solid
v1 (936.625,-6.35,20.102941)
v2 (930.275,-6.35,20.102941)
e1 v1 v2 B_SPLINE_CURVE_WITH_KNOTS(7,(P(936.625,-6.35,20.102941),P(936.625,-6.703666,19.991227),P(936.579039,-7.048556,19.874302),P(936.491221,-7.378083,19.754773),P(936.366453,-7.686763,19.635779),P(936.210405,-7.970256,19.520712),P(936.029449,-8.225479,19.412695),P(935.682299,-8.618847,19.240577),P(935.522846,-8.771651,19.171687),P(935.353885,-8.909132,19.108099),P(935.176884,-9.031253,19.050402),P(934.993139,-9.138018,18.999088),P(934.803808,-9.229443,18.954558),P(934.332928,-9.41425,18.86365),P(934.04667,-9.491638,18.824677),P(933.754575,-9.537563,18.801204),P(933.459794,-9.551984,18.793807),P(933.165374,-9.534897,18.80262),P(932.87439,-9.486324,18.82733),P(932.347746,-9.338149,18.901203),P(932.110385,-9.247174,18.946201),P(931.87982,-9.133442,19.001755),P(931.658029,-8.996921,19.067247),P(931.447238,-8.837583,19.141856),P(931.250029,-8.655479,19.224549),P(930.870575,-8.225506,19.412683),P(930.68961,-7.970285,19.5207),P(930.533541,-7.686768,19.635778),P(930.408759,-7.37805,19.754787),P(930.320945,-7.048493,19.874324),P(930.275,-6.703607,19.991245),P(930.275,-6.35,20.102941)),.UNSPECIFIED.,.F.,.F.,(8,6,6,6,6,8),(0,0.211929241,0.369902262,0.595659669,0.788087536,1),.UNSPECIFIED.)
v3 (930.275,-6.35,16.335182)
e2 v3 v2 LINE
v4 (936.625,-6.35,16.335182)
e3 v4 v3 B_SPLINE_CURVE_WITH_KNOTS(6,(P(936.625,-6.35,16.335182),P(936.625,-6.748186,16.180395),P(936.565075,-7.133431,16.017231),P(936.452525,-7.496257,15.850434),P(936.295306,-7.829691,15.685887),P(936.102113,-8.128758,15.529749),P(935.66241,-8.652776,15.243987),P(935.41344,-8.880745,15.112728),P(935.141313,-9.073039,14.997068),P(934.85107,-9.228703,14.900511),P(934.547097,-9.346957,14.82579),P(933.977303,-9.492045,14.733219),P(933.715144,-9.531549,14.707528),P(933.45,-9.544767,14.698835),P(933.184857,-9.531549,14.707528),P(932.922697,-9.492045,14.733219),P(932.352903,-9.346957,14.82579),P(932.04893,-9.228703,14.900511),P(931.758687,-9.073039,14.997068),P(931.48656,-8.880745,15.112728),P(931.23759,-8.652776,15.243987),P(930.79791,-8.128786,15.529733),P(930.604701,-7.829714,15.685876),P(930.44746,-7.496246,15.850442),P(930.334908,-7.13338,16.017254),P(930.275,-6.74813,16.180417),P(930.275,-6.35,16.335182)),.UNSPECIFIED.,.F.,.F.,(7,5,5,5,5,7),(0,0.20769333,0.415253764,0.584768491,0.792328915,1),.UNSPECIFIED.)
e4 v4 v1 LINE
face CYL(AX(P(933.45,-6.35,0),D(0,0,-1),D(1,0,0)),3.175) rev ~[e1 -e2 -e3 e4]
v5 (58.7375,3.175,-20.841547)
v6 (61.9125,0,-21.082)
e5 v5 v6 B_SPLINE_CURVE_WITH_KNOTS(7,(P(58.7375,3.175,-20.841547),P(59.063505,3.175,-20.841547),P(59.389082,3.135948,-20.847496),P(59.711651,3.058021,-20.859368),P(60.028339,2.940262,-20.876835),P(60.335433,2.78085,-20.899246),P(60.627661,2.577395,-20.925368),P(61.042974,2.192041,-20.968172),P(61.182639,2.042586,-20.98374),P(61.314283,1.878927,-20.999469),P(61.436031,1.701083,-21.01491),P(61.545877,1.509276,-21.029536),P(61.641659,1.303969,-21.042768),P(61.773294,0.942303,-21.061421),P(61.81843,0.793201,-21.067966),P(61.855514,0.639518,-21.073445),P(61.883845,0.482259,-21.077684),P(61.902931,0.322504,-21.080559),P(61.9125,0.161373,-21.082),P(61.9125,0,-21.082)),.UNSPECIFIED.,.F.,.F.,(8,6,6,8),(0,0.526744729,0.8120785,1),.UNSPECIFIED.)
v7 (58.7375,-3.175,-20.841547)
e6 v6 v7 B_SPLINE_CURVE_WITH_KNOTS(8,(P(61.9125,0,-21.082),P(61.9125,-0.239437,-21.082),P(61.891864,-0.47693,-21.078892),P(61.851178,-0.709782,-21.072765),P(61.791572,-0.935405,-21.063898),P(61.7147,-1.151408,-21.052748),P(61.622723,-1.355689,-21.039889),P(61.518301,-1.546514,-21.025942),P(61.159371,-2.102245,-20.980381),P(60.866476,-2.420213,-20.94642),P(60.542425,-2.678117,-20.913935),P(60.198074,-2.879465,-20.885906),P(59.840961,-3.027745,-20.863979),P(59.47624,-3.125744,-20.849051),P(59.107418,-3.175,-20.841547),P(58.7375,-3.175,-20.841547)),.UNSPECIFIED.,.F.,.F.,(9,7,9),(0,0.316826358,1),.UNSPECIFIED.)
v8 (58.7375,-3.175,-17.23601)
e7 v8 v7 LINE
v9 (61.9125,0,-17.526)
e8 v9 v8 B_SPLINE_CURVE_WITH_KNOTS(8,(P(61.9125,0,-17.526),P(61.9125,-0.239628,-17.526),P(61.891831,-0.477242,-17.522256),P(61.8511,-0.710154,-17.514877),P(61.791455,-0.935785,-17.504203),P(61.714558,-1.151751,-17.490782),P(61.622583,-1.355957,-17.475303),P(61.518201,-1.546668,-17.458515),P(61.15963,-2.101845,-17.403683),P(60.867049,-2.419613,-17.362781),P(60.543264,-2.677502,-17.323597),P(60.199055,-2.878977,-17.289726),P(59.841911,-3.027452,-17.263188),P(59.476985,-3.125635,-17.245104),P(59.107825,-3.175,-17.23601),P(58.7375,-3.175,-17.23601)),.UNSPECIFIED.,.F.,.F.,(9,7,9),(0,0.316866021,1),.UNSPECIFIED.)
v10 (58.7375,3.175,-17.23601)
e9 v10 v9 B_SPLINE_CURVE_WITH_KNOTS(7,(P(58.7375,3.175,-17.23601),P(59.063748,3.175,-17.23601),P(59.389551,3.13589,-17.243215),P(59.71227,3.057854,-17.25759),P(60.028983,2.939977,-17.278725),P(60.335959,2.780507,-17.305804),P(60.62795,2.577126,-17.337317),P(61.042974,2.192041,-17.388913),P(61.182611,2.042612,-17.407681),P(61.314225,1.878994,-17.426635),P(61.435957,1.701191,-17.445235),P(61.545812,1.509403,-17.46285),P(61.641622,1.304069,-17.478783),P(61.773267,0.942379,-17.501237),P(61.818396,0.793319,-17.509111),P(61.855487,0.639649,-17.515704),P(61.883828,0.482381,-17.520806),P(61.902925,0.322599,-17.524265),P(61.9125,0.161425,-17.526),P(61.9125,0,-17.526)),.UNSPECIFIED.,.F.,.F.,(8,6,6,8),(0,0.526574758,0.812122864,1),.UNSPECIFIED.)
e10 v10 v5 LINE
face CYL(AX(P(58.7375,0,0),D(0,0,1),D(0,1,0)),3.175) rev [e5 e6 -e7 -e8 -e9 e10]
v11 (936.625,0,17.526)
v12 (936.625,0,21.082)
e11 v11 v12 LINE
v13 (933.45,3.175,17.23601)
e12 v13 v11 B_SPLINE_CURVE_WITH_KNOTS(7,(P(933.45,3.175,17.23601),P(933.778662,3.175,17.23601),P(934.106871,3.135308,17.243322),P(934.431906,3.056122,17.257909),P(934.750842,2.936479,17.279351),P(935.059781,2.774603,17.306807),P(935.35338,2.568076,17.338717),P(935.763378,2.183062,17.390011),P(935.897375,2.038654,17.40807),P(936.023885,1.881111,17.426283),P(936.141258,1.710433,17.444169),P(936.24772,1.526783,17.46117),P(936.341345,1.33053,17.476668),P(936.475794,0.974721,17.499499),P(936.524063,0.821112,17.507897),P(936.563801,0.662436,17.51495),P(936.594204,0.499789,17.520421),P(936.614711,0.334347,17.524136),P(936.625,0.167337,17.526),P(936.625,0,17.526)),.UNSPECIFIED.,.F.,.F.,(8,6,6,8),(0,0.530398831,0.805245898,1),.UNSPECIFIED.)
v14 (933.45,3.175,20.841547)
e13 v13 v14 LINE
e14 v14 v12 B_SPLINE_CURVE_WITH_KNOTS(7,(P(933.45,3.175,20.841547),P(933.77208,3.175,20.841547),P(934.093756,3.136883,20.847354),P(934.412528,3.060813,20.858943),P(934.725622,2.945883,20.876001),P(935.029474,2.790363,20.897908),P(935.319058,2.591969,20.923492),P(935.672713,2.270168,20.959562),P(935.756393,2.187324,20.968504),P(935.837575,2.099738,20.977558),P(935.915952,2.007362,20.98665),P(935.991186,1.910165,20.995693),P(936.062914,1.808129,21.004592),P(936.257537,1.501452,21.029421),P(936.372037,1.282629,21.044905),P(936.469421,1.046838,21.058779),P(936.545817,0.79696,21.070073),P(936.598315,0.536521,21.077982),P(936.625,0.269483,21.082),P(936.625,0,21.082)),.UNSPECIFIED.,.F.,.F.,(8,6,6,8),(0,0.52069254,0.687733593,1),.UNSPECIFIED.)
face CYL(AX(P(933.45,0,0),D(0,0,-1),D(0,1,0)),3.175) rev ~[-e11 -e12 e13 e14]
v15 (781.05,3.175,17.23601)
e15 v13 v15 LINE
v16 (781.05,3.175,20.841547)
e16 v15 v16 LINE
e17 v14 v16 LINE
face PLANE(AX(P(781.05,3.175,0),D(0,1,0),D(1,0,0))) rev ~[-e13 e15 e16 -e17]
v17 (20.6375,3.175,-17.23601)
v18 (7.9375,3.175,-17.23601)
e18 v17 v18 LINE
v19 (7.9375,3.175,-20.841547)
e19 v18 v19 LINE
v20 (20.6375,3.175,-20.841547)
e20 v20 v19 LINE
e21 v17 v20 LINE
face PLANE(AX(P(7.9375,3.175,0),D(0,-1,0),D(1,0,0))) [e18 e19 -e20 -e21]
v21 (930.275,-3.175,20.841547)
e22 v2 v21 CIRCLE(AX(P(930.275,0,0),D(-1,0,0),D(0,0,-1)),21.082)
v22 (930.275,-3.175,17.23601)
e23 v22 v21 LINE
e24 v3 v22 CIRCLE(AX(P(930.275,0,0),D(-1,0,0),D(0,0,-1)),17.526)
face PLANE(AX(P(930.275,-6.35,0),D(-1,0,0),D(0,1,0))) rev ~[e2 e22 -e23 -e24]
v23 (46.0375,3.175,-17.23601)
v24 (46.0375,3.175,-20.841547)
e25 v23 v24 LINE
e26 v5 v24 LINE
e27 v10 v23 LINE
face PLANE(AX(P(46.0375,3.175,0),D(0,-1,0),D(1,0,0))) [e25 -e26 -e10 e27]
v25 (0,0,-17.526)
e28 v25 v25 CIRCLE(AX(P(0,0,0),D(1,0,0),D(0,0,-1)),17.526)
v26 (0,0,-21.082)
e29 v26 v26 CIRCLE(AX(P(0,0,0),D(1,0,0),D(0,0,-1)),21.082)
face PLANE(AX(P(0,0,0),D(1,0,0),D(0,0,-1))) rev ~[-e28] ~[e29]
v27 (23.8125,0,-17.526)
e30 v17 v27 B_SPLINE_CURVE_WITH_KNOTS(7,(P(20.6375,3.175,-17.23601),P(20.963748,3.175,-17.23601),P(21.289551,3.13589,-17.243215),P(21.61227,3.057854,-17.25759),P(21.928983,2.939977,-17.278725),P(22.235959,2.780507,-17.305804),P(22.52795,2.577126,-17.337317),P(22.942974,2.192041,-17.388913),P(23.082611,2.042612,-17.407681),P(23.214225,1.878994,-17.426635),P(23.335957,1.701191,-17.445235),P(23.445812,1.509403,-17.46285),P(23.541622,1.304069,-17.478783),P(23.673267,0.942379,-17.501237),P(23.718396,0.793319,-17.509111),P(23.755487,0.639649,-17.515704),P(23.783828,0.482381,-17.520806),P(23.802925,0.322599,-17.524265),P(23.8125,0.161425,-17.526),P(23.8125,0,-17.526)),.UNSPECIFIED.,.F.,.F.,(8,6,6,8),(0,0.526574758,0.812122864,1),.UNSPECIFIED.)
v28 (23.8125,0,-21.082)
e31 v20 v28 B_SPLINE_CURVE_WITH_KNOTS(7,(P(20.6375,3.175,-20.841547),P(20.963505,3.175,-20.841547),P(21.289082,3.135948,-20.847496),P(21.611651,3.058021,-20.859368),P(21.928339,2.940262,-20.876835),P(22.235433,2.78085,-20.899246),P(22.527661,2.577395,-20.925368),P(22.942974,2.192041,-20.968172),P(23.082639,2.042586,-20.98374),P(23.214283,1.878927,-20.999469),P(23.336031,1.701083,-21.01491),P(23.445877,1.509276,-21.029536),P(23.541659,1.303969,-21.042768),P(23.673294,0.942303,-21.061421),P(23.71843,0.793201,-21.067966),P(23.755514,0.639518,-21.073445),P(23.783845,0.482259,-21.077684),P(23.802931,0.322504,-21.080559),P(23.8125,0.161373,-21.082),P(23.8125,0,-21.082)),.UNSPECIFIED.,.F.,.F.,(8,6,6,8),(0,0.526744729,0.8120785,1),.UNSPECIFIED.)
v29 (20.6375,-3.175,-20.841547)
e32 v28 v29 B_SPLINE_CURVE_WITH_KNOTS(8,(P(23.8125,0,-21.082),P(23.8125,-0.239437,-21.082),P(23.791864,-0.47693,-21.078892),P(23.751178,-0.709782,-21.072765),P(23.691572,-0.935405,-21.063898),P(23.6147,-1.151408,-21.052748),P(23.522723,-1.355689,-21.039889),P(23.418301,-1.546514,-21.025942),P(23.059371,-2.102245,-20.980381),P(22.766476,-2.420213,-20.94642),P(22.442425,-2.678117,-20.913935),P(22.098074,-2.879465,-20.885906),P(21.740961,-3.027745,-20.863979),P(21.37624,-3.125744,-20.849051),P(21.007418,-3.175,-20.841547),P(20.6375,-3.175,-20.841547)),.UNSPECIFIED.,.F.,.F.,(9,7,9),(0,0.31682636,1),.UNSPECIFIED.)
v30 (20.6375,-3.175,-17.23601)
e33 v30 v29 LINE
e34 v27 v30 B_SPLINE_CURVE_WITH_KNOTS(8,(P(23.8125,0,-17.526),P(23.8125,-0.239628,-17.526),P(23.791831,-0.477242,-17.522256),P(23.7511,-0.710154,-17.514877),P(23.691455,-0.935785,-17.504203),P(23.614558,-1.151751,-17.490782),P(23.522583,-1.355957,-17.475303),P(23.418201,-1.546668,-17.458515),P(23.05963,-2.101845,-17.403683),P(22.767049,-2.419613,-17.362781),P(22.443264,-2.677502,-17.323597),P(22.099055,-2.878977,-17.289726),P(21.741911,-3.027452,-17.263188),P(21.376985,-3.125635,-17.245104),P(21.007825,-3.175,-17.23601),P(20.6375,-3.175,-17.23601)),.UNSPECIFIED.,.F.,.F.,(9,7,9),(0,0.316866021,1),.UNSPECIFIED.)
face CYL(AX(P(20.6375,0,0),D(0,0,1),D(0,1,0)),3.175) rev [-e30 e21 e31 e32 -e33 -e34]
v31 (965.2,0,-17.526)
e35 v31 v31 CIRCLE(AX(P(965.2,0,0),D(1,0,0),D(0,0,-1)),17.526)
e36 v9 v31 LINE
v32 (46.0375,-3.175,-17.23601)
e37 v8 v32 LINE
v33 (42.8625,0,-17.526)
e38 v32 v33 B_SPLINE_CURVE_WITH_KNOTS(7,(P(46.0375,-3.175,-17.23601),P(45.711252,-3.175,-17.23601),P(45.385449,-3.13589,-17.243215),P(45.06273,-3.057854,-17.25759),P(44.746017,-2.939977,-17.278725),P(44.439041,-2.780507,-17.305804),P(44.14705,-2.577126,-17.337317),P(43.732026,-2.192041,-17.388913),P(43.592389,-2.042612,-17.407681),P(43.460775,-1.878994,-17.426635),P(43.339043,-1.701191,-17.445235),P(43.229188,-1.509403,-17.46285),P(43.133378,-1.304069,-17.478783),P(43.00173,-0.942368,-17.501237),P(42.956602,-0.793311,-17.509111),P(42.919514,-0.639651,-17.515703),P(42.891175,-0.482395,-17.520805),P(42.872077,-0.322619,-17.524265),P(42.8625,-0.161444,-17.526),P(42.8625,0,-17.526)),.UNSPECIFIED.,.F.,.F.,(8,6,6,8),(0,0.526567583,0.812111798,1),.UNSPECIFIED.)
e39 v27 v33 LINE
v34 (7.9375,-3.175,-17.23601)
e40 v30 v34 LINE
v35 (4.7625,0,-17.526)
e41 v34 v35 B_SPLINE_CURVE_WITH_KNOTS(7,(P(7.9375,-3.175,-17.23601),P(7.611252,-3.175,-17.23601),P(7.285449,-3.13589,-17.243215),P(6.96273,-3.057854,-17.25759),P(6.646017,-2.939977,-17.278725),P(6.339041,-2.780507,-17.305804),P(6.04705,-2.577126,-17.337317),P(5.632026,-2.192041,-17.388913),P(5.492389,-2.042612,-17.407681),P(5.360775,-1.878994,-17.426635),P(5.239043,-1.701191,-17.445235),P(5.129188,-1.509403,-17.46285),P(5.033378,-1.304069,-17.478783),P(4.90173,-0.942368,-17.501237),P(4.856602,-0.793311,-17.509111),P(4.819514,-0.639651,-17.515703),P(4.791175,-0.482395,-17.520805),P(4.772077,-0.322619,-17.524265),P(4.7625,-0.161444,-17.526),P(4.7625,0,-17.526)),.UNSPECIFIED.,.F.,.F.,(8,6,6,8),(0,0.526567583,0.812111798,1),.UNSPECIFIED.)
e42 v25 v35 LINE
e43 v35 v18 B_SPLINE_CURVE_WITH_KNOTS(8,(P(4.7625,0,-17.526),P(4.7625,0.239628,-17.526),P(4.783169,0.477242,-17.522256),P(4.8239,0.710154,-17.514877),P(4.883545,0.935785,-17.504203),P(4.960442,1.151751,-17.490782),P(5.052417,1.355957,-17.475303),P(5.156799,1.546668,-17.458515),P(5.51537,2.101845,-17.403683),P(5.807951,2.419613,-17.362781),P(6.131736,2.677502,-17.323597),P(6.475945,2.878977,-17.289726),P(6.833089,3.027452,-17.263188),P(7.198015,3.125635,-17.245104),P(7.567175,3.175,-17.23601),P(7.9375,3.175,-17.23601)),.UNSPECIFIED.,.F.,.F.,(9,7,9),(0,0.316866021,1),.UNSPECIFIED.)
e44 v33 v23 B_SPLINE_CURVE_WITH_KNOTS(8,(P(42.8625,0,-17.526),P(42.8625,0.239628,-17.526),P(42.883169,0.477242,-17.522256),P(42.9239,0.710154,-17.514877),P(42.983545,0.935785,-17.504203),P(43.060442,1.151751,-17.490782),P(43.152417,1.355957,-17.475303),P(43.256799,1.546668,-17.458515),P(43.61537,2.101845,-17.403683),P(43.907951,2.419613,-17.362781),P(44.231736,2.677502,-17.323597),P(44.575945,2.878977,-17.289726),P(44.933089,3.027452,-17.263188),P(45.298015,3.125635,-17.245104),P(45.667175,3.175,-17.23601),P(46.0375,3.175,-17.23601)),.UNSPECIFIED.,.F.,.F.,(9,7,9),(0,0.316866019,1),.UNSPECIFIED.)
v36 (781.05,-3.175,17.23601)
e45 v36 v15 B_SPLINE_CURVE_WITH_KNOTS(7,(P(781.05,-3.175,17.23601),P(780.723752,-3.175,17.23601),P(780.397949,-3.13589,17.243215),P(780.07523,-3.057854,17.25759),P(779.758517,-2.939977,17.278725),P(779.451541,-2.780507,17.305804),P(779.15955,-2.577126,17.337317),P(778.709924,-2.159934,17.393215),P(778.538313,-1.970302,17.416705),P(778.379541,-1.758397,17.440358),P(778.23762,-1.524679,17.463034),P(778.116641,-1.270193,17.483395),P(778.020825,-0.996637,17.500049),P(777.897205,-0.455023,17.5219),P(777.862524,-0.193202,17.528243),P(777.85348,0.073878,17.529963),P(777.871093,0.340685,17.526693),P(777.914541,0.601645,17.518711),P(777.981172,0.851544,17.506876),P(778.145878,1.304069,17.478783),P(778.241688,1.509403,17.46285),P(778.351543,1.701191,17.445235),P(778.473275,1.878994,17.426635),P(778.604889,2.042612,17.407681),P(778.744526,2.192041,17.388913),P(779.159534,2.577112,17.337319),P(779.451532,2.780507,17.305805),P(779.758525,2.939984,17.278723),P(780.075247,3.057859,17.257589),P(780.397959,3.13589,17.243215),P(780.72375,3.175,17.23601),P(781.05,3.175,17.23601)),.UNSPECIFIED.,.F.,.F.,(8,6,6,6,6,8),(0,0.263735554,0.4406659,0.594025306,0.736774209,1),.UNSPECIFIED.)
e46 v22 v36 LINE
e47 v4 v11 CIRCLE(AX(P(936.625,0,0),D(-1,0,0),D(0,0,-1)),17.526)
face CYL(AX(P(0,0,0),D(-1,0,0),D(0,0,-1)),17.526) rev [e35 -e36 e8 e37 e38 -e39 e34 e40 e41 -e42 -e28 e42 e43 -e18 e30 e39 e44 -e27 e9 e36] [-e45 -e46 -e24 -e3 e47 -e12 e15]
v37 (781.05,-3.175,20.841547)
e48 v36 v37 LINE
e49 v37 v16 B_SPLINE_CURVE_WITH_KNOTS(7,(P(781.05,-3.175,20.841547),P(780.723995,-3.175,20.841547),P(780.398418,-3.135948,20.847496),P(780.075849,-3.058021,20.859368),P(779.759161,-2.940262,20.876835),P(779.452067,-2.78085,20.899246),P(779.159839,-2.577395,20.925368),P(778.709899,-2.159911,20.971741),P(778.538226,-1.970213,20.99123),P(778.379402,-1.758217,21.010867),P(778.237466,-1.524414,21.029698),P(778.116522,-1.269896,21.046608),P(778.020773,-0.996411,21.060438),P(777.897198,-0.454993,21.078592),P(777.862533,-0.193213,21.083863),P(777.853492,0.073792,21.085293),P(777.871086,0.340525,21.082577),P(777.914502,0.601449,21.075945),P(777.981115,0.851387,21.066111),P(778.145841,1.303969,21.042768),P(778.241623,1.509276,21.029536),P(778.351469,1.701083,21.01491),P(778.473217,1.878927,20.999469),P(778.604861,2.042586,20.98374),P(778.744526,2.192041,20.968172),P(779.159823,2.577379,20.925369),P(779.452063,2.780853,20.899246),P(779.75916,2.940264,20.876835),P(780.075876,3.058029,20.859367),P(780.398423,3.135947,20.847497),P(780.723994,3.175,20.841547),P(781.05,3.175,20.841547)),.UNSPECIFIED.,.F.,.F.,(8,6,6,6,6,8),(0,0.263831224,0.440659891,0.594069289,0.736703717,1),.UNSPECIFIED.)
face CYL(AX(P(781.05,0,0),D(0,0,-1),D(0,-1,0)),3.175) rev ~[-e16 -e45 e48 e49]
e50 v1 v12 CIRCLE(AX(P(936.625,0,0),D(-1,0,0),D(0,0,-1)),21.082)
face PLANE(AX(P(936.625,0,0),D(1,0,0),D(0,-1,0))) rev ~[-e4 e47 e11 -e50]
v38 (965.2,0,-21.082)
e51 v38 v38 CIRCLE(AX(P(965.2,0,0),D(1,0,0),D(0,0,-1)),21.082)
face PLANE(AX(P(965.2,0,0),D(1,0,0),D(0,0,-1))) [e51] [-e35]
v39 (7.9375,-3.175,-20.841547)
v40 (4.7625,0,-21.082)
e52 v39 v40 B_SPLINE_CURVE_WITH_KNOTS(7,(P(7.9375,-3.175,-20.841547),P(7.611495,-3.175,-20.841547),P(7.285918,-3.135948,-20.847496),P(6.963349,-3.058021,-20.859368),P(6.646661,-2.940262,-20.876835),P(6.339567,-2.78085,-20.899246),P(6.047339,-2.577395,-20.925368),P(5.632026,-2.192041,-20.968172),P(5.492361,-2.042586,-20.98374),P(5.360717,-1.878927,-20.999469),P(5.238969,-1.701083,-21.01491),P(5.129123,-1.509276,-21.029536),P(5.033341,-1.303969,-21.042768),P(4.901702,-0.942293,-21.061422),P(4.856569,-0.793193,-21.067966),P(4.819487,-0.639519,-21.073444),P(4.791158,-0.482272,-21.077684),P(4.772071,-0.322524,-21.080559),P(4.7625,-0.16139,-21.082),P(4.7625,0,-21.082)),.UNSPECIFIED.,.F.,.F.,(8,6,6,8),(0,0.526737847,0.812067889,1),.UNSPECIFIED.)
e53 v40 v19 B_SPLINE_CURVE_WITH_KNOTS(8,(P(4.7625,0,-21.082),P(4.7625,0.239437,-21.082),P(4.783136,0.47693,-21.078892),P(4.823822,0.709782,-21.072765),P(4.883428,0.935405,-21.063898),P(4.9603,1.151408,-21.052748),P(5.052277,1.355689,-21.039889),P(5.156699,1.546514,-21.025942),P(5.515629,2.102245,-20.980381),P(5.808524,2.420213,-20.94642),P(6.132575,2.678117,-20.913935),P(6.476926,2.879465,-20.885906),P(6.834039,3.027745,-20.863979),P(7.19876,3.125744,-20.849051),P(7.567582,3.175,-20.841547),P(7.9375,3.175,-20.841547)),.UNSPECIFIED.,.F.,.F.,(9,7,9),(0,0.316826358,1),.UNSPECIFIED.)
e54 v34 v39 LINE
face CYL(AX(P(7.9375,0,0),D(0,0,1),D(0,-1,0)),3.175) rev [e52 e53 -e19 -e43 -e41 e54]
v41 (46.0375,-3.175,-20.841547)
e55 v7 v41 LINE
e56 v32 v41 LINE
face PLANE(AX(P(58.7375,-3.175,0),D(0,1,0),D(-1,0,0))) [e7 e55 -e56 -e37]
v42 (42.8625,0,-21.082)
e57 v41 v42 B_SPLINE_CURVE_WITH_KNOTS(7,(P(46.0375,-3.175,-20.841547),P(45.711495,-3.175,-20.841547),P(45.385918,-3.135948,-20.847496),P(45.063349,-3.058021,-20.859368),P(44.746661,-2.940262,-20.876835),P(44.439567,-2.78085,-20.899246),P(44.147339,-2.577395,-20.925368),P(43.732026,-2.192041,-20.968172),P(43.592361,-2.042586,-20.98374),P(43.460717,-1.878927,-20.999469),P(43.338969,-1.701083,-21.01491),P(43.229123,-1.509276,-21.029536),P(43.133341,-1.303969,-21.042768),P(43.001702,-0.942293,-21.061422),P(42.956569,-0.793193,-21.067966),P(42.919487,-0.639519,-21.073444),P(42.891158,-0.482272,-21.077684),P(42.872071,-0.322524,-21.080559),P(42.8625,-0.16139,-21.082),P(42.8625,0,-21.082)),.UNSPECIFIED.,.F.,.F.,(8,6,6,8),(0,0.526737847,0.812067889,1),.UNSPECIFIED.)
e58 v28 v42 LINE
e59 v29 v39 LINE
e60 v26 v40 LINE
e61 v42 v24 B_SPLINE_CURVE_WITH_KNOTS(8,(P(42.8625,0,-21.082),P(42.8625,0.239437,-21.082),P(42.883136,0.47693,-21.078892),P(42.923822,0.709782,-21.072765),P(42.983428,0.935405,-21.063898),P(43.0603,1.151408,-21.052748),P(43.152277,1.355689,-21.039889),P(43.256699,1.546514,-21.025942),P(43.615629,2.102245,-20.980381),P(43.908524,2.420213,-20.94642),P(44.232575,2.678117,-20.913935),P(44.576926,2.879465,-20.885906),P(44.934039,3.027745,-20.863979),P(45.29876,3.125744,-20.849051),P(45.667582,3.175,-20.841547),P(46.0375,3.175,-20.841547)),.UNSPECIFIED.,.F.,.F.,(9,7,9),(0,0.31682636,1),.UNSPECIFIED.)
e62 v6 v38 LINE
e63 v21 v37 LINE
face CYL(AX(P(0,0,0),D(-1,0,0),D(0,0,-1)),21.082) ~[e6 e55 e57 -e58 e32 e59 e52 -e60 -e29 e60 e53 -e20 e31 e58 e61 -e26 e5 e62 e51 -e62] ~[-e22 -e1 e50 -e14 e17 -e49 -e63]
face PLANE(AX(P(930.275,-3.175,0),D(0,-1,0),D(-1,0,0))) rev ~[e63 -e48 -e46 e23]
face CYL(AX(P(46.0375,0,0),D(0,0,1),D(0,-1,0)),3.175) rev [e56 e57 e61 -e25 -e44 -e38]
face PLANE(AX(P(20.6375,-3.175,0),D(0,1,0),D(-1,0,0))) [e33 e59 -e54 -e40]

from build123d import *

# Parameters (mm, degrees)
SKETCH1_R           = 21.082
SKETCH1_R_2         = 17.526
BOSS_EXTRUDE1_DEPTH = 965.2
CUT_EXTRUDE1_DEPTH  = 22.082
CUT_EXTRUDE2_DEPTH  = 22.0820001


with BuildPart() as part:
    # Sketch1 → Boss-Extrude1 (new body)
    with BuildSketch(Plane(origin=(0, 0, 0), x_dir=(0, 0, -1), z_dir=(1, 0, 0))):
        Circle(SKETCH1_R)
        Circle(SKETCH1_R_2, mode=Mode.SUBTRACT)
    extrude(amount=BOSS_EXTRUDE1_DEPTH)

    # Sketch2 → Cut-Extrude1 (cut, through all)
    with BuildSketch(Plane.XY):
        with BuildLine():
            Line((7.9375, 3.175), (20.6375, 3.175))
            ThreePointArc((20.6375, 3.175), (23.8125, 0), (20.6375, -3.175))
            Line((20.6375, -3.175), (7.9375, -3.175))
            ThreePointArc((7.9375, -3.175), (4.7625, 0), (7.9375, 3.175))
        make_face()
        with BuildLine():
            Line((46.0375, 3.175), (58.7375, 3.175))
            ThreePointArc((58.7375, 3.175), (61.9125, 0), (58.7375, -3.175))
            Line((58.7375, -3.175), (46.0375, -3.175))
            ThreePointArc((46.0375, -3.175), (42.8625, 0), (46.0375, 3.175))
        make_face()
    extrude(amount=-CUT_EXTRUDE1_DEPTH, mode=Mode.SUBTRACT)

    # Sketch3 → Cut-Extrude2 (cut, through all)
    with BuildSketch(Plane.XY):
        with BuildLine():
            Line((781.05, 3.175), (933.45, 3.175))
            ThreePointArc((933.45, 3.175), (935.69506403, 2.24506403), (936.625, 0))
            Line((936.625, 0), (936.625, -6.35))
            ThreePointArc((936.625, -6.35), (933.45, -9.525), (930.275, -6.35))
            Line((930.275, -6.35), (930.275, -3.175))
            Line((930.275, -3.175), (781.05, -3.175))
            ThreePointArc((781.05, -3.175), (777.875, 0), (781.05, 3.175))
        make_face()
    extrude(amount=CUT_EXTRUDE2_DEPTH, mode=Mode.SUBTRACT)


solid = part.part
